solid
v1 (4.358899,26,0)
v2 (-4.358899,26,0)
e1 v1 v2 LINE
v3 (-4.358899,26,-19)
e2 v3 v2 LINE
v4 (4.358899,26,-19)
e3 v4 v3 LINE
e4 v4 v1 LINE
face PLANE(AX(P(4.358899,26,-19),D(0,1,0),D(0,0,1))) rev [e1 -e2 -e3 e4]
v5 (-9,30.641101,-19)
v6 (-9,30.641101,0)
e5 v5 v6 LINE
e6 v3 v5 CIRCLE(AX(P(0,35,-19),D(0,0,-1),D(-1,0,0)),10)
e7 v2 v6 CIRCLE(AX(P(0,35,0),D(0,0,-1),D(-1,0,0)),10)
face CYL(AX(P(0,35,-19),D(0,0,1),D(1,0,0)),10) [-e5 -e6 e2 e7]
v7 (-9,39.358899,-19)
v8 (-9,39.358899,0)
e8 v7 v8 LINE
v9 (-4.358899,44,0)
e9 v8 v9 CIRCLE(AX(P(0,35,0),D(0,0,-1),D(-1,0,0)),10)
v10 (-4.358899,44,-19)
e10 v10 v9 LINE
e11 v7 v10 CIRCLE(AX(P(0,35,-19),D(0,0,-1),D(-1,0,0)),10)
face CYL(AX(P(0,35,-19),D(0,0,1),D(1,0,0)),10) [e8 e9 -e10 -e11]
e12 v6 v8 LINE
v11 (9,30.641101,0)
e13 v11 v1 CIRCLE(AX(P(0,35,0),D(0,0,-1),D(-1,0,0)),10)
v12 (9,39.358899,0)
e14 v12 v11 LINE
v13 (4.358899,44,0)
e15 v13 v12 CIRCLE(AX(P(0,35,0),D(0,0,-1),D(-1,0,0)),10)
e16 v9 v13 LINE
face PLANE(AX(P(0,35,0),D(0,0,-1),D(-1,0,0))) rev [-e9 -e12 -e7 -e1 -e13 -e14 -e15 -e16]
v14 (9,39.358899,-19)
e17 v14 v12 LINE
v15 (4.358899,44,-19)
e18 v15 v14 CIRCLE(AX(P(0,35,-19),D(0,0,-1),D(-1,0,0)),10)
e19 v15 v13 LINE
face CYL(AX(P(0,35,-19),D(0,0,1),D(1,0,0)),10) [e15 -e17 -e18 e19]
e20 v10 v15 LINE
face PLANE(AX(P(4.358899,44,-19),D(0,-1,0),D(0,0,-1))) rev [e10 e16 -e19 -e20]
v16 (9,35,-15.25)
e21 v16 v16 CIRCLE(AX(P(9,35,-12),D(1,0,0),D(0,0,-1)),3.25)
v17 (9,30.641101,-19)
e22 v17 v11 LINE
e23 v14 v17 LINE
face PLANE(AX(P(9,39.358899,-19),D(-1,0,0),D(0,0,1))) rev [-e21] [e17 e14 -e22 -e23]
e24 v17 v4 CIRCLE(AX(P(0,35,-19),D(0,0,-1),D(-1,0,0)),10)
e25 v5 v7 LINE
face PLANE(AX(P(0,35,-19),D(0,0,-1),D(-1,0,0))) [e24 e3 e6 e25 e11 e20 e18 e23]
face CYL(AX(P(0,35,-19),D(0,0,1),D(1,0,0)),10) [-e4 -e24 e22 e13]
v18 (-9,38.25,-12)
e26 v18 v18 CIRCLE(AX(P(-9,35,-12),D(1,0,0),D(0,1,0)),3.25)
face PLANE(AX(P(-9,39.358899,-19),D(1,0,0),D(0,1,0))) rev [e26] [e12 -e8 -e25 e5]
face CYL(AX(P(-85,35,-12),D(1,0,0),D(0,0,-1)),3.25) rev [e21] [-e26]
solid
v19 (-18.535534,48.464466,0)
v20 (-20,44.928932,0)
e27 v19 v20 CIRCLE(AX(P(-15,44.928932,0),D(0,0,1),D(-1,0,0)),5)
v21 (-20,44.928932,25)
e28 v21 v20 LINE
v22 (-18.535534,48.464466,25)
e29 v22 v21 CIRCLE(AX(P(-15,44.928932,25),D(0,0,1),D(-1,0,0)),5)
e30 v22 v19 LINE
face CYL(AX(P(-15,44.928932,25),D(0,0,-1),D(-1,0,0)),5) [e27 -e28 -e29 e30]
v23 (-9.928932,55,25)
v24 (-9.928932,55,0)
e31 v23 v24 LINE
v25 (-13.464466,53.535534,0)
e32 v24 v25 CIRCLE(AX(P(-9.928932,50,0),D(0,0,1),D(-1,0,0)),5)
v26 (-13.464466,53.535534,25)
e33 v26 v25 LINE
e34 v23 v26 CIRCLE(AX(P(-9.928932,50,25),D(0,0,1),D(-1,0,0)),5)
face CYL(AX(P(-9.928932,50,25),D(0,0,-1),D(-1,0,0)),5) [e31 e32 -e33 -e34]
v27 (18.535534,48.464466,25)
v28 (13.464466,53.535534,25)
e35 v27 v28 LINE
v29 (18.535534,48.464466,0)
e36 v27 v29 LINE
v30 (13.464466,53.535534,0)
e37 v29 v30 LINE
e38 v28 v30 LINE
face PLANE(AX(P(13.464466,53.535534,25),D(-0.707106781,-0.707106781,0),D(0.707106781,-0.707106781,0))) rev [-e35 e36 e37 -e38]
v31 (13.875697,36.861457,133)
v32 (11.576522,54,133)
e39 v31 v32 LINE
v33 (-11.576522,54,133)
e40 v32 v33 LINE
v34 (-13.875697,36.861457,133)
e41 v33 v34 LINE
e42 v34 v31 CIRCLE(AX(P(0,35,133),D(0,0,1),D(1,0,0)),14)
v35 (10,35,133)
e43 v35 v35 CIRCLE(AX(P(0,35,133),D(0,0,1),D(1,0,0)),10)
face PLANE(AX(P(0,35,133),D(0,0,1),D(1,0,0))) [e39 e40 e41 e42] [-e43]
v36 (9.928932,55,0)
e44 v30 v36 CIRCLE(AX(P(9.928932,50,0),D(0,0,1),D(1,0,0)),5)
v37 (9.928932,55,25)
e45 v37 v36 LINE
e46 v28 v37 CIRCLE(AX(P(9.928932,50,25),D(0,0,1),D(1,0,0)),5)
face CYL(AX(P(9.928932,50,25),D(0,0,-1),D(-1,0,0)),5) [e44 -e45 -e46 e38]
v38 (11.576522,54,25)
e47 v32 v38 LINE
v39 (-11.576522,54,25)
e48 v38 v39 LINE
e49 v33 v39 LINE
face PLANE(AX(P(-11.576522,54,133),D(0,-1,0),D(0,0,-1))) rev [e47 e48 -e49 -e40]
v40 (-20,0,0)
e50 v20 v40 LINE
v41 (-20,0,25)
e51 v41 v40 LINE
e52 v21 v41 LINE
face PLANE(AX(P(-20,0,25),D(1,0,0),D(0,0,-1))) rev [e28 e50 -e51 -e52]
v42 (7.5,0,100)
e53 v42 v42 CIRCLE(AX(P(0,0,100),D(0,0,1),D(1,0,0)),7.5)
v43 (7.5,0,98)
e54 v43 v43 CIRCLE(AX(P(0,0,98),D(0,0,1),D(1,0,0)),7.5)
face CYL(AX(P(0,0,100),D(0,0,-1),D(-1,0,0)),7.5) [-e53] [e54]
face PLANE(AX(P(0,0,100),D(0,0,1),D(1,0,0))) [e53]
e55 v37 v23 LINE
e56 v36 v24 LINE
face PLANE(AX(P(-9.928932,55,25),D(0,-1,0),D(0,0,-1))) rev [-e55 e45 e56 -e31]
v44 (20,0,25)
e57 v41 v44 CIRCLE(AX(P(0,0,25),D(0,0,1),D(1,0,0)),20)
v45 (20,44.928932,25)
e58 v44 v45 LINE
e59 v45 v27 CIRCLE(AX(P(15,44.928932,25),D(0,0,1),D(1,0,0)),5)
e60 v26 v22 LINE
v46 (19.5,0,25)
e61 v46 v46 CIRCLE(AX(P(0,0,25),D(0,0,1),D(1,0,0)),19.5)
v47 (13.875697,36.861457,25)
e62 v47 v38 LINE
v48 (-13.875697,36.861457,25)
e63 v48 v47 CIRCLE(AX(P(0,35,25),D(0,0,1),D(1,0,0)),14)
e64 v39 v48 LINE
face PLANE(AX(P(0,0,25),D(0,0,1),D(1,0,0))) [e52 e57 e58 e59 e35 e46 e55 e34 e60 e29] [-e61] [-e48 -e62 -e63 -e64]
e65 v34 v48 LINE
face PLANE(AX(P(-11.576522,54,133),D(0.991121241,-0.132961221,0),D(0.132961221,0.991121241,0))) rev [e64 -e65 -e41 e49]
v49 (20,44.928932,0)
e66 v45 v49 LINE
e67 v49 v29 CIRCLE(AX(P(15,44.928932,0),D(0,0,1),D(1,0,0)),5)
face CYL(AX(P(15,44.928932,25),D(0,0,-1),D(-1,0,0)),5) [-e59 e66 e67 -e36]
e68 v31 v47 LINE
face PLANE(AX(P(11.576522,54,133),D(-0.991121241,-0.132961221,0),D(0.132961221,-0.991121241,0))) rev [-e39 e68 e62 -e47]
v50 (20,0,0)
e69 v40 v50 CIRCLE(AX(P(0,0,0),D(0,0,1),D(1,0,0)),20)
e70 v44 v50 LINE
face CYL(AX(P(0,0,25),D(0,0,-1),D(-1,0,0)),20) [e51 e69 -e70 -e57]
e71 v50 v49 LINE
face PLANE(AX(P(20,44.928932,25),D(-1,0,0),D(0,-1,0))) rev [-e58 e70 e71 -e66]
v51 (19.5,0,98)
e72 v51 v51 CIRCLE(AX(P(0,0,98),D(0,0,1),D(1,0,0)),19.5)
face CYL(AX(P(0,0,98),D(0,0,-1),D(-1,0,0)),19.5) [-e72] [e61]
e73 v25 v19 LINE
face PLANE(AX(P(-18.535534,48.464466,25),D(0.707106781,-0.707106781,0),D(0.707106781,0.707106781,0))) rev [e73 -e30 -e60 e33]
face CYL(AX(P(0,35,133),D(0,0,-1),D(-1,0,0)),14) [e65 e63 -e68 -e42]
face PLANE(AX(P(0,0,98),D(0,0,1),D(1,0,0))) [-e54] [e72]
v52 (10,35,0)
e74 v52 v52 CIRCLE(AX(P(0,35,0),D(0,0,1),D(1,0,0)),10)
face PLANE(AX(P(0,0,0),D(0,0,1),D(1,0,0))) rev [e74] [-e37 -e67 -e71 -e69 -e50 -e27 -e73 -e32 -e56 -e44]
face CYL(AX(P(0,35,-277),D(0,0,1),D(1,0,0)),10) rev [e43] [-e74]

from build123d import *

# Parameters (mm, degrees)
EXTRUDE_1_DEPTH     = 25
SKETCH_2_R          = 19.5
EXTRUDE_2_DEPTH     = 73
SKETCH_3_R          = 7.5
EXTRUDE_3_DEPTH     = 2
EXTRUDE_4_DEPTH     = 108
SKETCH_5_R          = 10
CUT_EXTRUDE_1_DEPTH = 410
EXTRUDE_5_DEPTH     = 19
SKETCH_7_R          = 3.25
CUT_EXTRUDE_2_DEPTH = 94


with BuildPart() as part:
    # 草图1 → 凸台-拉伸1 (new body)
    with BuildSketch(Plane.XY):
        with BuildLine():
            Line((-20, 0), (-20, 44.928932188))
            ThreePointArc((-20, 44.928932188), (-19.619397663, 46.84234935), (-18.535533906, 48.464466094))
            Line((-18.535533906, 48.464466094), (-13.464466094, 53.535533906))
            ThreePointArc((-13.464466094, 53.535533906), (-11.84234935, 54.619397663), (-9.928932188, 55))
            Line((-9.928932188, 55), (9.928932188, 55))
            ThreePointArc((9.928932188, 55), (11.84234935, 54.619397663), (13.464466094, 53.535533906))
            Line((13.464466094, 53.535533906), (18.535533906, 48.464466094))
            ThreePointArc((18.535533906, 48.464466094), (19.619397663, 46.84234935), (20, 44.928932188))
            Line((20, 44.928932188), (20, 0))
            ThreePointArc((20, 0), (0, -20), (-20, 0))
        make_face()
    extrude(amount=EXTRUDE_1_DEPTH)

    # 草图2 → 凸台-拉伸2 (add)
    with BuildSketch(Plane.XY.offset(25)):
        Circle(SKETCH_2_R)
    extrude(amount=EXTRUDE_2_DEPTH)

    # 草图3 → 凸台-拉伸3 (add)
    with BuildSketch(Plane.XY.offset(98)):
        Circle(SKETCH_3_R)
    extrude(amount=EXTRUDE_3_DEPTH)

    # 草图4 → 凸台-拉伸4 (add)
    with BuildSketch(Plane.XY.offset(25)):
        with BuildLine():
            Line((-11.576521962, 54), (-13.87569737, 36.861457087))
            ThreePointArc((-13.87569737, 36.861457087), (0, 21), (13.87569737, 36.861457087))
            Line((13.87569737, 36.861457087), (11.576521962, 54))
            Line((11.576521962, 54), (-11.576521962, 54))
        make_face()
    extrude(amount=EXTRUDE_4_DEPTH)

    # 草图5 → 切除-拉伸1 (cut)
    with BuildSketch(Plane.XY.offset(133)):
        with Locations((0, 35)):
            Circle(SKETCH_5_R)
    extrude(amount=-CUT_EXTRUDE_1_DEPTH, mode=Mode.SUBTRACT)


with BuildPart() as body_2:
    # 草图6 → 凸台-拉伸5 (new body)
    with BuildSketch(Plane(origin=(0, 0, 0), x_dir=(-1, 0, 0), z_dir=(0, 0, -1))):
        with BuildLine():
            Line((-4.358898944, 44), (4.358898944, 44))
            ThreePointArc((4.358898944, 44), (7.071067812, 42.071067812), (9, 39.358898944))
            Line((9, 39.358898944), (9, 30.641101056))
            ThreePointArc((9, 30.641101056), (7.071067812, 27.928932188), (4.358898944, 26))
            Line((4.358898944, 26), (-4.358898944, 26))
            ThreePointArc((-4.358898944, 26), (-7.071067812, 27.928932188), (-9, 30.641101056))
            Line((-9, 30.641101056), (-9, 39.358898944))
            ThreePointArc((-9, 39.358898944), (-7.071067812, 42.071067812), (-4.358898944, 44))
        make_face()
    extrude(amount=EXTRUDE_5_DEPTH)

    # 草图7 → 切除-拉伸2 (cut)
    with BuildSketch(Plane(origin=(9, 0, 0), x_dir=(0, 0, -1), z_dir=(1, 0, 0))):
        with Locations((12, 35)):
            Circle(SKETCH_7_R)
    extrude(amount=-CUT_EXTRUDE_2_DEPTH, mode=Mode.SUBTRACT)


solid = Compound([part.part, body_2.part])
